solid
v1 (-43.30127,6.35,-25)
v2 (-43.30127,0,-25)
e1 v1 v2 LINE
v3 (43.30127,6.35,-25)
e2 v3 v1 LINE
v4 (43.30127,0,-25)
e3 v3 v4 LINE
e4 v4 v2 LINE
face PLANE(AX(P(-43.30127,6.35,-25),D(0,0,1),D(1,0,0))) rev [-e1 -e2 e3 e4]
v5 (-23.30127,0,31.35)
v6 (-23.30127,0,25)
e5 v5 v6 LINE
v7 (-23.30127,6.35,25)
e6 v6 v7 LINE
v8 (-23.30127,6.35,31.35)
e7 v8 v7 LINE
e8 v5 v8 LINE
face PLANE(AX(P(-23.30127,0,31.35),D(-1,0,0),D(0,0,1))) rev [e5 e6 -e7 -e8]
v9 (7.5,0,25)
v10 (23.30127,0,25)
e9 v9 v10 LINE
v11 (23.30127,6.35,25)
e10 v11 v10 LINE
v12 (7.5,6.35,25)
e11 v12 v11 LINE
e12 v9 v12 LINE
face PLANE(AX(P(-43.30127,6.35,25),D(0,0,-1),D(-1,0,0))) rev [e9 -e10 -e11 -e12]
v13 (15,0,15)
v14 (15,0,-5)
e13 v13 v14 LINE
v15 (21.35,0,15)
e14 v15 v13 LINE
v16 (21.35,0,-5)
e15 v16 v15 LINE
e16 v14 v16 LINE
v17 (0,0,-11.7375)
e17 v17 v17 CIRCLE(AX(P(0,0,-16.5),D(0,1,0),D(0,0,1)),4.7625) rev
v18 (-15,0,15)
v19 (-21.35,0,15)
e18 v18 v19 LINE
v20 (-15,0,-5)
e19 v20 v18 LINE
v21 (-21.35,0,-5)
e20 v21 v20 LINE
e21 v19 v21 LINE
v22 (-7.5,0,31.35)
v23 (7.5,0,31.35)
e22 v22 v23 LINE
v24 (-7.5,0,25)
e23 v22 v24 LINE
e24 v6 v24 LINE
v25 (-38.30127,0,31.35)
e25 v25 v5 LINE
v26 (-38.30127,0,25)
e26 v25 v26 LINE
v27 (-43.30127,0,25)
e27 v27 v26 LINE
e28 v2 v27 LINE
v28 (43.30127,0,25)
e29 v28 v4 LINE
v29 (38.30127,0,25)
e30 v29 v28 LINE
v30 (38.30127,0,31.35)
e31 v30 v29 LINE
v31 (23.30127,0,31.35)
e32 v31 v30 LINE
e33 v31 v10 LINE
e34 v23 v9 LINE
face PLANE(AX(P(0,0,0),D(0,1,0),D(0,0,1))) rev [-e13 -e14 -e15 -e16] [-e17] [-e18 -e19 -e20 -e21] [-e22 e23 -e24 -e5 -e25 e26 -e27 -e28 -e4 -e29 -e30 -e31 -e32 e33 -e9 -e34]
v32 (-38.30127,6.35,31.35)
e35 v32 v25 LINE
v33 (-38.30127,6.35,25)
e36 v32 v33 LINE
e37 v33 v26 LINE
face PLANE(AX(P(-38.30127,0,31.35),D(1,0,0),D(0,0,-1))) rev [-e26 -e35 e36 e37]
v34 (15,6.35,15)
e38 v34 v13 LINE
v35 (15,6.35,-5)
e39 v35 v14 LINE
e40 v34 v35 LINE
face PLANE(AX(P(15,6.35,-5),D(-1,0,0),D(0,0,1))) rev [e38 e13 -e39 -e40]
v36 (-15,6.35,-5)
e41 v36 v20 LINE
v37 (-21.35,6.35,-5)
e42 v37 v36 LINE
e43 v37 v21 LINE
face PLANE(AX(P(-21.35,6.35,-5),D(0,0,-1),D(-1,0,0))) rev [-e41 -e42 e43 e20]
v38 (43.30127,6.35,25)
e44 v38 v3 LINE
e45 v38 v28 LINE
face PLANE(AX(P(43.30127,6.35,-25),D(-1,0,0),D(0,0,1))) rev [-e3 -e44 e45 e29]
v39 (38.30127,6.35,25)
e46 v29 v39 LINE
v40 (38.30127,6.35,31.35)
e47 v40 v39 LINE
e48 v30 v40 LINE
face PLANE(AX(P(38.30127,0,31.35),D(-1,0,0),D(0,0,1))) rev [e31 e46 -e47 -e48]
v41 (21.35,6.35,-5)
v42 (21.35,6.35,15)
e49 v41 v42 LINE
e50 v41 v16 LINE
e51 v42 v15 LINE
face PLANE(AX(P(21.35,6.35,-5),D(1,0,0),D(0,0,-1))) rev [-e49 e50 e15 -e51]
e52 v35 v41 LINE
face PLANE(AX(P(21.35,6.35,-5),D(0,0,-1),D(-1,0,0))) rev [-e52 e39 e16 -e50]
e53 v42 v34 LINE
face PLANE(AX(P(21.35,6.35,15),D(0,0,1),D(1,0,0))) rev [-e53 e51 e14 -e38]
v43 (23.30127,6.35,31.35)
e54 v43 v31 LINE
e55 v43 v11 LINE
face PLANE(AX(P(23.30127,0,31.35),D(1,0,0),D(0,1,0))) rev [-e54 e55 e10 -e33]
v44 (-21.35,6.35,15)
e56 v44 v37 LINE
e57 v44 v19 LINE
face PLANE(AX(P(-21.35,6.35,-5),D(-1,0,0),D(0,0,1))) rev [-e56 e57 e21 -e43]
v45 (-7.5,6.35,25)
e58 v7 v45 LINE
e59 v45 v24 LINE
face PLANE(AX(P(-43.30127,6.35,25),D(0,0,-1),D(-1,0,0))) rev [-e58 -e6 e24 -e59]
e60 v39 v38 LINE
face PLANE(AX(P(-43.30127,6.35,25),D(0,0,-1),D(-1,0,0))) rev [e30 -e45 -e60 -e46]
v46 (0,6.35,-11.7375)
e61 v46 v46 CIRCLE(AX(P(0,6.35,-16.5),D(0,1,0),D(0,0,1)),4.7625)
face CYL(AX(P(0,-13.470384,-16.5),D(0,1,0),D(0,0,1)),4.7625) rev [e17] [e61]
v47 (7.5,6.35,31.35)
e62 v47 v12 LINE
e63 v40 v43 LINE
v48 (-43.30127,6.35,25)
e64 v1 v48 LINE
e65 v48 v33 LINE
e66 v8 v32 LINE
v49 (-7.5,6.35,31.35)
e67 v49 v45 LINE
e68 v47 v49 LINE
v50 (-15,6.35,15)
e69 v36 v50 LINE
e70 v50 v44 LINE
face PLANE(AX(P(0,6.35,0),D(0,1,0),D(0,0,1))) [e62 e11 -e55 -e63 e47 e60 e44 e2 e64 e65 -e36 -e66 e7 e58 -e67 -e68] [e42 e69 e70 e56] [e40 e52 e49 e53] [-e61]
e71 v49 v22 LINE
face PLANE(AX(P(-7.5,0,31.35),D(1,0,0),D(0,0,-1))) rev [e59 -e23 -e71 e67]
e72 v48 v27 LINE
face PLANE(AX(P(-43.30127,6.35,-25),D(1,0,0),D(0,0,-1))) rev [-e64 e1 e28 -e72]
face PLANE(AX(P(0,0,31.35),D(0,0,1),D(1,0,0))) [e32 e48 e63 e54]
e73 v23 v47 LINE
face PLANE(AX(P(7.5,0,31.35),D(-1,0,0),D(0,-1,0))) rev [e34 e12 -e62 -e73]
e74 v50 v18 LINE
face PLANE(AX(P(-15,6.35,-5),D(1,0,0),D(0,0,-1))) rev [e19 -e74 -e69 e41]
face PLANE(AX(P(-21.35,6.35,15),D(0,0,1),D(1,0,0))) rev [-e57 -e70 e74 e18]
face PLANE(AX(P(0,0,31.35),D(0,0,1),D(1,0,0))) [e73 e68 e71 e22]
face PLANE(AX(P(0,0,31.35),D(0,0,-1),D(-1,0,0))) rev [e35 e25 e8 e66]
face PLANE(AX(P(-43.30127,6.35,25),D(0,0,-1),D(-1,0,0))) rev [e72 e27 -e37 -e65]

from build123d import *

# Parameters (mm, degrees)
ESQUISSE2_W             = 86.602540378
ESQUISSE2_H             = 50
BOSS_EXTRU_1_DEPTH      = 6.35
SKETCH1_R               = 4.7625
CUT_EXTRUDE1_DEPTH      = 6.35
ESQUISSE3_W             = 15
ESQUISSE3_H             = 6.35
BOSS_EXTRU_2_DEPTH      = 6.35
ESQUISSE4_W             = 6.35
ESQUISSE4_H             = 20
ENL_V_MAT_EXTRU_1_DEPTH = 6.35


with BuildPart() as part:
    # Esquisse2 → Boss.-Extru.1 (new body)
    with BuildSketch(Plane(origin=(0, 0, 0), x_dir=(1, 0, 0), z_dir=(0, 1, 0))):
        Rectangle(ESQUISSE2_W, ESQUISSE2_H)
    extrude(amount=BOSS_EXTRU_1_DEPTH)

    # Sketch1 → Cut-Extrude1 (cut)
    with BuildSketch(Plane(origin=(0, 6.35, 0), x_dir=(1, 0, 0), z_dir=(0, 1, 0))):
        with Locations(Location((0, 16.5, 0), (0, 0, 270))):
            Circle(SKETCH1_R)
    extrude(amount=-CUT_EXTRUDE1_DEPTH, mode=Mode.SUBTRACT)

    # Esquisse3 → Boss.-Extru.2 (add)
    with BuildSketch(Plane.XY.offset(25)):
        with Locations((30.801270189, 3.175)):
            Rectangle(ESQUISSE3_W, ESQUISSE3_H)
        with Locations((-30.801270189, 3.175)):
            Rectangle(ESQUISSE3_W, ESQUISSE3_H)
        with Locations((0, 3.175)):
            Rectangle(ESQUISSE3_W, ESQUISSE3_H)
    extrude(amount=BOSS_EXTRU_2_DEPTH)

    # Esquisse4 → Enlèv. mat.-Extru.1 (cut)
    with BuildSketch(Plane.XZ):
        with Locations((18.175, 5)):
            Rectangle(ESQUISSE4_W, ESQUISSE4_H)
        with Locations((-18.175, 5)):
            Rectangle(ESQUISSE4_W, ESQUISSE4_H)
    extrude(amount=-ENL_V_MAT_EXTRU_1_DEPTH, mode=Mode.SUBTRACT)


solid = part.part
